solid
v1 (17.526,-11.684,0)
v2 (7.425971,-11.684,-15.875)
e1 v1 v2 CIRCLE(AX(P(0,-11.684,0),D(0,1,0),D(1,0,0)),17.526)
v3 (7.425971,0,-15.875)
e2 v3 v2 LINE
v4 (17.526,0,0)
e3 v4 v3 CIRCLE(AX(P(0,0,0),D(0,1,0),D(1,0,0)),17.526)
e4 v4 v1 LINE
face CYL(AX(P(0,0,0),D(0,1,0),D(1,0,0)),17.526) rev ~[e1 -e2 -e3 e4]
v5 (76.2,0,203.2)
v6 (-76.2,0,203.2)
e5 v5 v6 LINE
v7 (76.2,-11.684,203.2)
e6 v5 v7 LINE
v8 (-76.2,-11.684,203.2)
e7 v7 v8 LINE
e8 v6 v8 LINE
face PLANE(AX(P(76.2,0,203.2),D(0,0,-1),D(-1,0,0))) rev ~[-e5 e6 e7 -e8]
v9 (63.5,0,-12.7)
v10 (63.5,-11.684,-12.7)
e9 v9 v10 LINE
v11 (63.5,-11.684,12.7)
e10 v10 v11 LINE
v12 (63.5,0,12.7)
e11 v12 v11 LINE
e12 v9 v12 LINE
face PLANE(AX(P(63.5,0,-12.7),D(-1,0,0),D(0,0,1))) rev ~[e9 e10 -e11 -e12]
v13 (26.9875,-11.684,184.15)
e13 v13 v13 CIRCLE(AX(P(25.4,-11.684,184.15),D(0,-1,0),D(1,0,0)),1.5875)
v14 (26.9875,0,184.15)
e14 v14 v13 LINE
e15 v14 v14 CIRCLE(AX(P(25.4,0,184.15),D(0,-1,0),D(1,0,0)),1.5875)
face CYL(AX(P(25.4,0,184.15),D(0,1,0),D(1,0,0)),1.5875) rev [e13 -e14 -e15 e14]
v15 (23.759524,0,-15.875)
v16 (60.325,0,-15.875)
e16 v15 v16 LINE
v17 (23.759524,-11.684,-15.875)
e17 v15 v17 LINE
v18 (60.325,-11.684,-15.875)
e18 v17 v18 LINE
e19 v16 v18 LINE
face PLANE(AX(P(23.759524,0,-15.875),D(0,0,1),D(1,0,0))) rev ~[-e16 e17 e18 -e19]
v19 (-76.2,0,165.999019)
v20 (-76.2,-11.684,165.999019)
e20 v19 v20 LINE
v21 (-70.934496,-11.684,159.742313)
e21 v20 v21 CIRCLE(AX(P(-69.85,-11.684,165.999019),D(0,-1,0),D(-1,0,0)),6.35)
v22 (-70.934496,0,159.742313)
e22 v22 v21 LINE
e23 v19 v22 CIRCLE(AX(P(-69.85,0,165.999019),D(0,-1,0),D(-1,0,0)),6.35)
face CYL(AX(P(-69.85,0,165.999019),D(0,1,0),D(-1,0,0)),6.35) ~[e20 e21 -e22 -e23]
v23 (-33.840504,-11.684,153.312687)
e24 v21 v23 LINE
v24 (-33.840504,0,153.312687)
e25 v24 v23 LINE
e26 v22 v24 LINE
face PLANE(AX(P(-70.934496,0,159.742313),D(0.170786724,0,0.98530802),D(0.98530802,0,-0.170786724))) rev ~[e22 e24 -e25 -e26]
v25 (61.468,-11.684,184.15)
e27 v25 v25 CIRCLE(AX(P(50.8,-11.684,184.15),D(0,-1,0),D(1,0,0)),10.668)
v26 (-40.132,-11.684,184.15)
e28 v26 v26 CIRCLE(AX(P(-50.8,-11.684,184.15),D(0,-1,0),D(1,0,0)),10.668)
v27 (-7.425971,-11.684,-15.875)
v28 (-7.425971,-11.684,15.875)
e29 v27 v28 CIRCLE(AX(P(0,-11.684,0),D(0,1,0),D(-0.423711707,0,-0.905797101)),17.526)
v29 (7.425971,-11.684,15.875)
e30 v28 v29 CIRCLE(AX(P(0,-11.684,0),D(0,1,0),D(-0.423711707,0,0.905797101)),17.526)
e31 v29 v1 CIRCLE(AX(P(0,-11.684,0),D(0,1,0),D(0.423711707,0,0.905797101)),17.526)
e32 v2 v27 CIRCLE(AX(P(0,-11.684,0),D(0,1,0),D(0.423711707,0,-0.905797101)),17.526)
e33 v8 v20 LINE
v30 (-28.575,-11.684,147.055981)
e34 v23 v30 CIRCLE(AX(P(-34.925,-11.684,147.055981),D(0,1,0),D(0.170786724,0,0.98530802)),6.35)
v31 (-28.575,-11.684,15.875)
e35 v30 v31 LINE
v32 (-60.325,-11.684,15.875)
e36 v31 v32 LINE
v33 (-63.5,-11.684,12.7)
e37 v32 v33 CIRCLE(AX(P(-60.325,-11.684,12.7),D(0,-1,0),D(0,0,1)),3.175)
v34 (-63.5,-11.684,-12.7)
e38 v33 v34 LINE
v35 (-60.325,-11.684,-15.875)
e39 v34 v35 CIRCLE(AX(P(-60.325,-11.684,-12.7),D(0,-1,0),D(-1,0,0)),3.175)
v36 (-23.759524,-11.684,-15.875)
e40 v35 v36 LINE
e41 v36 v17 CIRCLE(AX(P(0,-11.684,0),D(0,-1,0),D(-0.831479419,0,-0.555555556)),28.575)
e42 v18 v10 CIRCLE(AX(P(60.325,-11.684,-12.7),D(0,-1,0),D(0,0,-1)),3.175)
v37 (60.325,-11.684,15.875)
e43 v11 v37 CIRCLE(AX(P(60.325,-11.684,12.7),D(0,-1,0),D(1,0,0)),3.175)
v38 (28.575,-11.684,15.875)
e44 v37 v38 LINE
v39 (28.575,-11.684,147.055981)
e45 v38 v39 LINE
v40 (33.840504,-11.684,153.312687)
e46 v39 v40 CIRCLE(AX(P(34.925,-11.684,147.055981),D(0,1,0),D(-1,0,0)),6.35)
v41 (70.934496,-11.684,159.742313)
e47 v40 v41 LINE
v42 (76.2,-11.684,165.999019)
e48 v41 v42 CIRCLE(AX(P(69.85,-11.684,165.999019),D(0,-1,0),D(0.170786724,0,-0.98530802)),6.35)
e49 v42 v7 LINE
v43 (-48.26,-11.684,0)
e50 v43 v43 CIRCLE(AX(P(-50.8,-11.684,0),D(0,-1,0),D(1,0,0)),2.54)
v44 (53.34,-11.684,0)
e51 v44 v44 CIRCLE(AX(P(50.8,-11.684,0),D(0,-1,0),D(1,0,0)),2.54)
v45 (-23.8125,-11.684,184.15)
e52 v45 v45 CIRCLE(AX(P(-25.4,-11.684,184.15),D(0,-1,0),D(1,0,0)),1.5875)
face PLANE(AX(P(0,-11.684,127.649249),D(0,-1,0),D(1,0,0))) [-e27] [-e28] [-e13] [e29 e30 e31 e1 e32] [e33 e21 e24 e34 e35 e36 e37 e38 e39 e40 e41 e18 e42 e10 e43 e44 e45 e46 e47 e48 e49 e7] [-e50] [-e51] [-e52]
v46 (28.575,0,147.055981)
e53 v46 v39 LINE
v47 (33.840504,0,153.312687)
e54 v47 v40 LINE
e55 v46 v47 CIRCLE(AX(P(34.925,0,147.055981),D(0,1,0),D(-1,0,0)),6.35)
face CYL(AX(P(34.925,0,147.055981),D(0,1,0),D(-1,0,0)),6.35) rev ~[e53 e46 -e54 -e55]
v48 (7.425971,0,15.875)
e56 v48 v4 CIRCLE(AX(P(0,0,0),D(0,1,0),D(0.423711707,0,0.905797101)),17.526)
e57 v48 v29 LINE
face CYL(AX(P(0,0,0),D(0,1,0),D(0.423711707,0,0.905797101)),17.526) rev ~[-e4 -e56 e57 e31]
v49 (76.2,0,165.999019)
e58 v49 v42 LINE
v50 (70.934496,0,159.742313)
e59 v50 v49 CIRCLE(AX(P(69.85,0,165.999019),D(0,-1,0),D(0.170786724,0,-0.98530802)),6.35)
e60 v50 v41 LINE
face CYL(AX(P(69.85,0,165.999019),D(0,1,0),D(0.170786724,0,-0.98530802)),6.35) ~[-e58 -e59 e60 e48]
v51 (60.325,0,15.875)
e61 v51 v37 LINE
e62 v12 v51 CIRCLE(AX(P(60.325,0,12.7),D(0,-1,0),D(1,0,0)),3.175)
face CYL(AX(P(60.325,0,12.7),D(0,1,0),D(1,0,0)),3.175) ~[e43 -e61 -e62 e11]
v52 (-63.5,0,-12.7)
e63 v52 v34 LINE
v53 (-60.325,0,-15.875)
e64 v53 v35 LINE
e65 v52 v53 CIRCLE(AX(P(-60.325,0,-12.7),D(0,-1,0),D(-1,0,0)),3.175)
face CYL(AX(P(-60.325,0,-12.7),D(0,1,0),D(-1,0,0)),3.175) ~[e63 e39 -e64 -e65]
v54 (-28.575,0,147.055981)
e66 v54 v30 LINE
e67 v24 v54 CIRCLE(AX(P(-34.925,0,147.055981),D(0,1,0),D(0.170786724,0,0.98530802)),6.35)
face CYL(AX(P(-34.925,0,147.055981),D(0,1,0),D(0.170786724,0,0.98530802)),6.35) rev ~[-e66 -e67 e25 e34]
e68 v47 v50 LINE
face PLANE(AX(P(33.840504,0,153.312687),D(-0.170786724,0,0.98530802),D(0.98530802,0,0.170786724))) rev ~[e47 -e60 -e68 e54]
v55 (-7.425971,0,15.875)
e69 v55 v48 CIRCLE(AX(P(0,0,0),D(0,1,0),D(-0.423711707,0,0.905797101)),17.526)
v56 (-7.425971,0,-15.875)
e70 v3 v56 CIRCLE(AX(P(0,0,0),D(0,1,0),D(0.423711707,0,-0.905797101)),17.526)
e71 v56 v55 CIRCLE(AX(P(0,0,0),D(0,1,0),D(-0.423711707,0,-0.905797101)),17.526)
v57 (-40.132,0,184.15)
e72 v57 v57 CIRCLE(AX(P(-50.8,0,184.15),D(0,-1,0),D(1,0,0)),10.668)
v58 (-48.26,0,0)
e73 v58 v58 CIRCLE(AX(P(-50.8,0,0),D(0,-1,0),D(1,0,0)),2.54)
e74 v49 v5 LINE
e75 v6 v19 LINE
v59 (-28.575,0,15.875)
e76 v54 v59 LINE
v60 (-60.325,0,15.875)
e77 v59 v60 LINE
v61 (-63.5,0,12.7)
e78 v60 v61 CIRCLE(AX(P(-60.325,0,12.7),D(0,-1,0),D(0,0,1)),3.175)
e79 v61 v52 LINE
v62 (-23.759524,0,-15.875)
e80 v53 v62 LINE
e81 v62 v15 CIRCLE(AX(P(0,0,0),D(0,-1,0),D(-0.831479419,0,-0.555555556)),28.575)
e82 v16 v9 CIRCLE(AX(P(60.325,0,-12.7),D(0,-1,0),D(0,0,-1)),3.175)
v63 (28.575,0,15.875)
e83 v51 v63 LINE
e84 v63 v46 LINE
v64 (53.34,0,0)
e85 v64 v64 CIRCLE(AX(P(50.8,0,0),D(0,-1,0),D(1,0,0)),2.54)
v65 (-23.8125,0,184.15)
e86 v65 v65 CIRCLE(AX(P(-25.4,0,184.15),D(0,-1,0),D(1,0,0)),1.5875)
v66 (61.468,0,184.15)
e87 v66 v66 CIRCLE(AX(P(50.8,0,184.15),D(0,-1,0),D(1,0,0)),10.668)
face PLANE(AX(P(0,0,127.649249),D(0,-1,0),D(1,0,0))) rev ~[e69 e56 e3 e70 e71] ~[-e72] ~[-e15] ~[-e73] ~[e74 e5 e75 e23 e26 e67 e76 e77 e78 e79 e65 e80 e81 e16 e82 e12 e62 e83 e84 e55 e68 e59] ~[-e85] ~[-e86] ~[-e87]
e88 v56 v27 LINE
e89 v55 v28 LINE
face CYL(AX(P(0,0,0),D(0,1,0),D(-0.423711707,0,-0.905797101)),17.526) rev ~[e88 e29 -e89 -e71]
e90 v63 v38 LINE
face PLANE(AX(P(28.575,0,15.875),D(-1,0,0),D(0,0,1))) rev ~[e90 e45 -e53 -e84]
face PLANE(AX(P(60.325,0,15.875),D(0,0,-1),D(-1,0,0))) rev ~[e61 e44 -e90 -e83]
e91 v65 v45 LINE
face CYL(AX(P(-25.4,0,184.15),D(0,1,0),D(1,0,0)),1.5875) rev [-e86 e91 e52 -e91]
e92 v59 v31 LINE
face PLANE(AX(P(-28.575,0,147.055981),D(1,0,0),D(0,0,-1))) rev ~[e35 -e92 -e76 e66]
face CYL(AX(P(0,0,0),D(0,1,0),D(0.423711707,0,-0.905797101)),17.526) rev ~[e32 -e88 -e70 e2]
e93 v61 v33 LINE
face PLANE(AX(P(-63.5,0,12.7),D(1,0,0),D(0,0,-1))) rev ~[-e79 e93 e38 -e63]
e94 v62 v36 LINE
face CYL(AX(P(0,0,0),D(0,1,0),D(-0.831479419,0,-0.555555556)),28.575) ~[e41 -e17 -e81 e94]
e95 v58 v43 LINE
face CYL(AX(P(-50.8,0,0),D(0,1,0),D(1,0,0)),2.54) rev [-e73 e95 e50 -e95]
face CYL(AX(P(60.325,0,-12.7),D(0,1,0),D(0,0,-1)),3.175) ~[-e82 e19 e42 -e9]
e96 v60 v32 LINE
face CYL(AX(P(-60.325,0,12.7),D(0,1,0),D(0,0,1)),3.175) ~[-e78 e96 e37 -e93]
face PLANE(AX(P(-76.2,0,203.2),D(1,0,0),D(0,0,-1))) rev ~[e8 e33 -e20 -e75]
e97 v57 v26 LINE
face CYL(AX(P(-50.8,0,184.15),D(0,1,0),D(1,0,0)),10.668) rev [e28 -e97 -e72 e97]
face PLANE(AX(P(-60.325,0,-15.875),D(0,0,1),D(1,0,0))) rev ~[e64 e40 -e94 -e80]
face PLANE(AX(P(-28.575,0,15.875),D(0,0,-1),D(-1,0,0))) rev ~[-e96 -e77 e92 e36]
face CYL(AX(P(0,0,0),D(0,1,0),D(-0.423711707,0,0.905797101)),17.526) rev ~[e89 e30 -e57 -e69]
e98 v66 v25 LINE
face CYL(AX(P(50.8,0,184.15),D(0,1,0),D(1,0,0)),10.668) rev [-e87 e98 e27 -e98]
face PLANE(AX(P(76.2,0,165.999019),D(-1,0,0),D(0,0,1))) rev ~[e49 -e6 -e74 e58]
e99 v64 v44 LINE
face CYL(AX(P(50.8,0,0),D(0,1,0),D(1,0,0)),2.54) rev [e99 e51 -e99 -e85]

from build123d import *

# Parameters (mm, degrees)
F0_R     = 10.668
F0_R_2   = 1.5875
F0_R_3   = 2.54
F1_DEPTH = 11.684


with BuildPart() as f1:
    # F0 (on Front) → F1 (new body)
    with BuildSketch(Plane.XZ):
        with BuildLine():
            ThreePointArc((-23.759524406, 15.875), (0, 28.575), (23.759524406, 15.875))
            Line((23.759524406, 15.875), (28.575, 15.875))
            Line((28.575, 15.875), (28.575, 147.0559814834))
            ThreePointArc((28.575, 147.0559814834), (30.0665512939, 151.1447436641), (33.8405043055, 153.312687413))
            Line((33.8405043055, 153.312687413), (70.9344956945, 159.742312587))
            ThreePointArc((70.9344956945, 159.742312587), (74.7084487061, 161.9102563359), (76.2, 165.9990185166))
            Line((76.2, 165.9990185166), (76.2, 203.2))
            Line((76.2, 203.2), (17.526, 203.2))
            Line((17.526, 203.2), (-17.526, 203.2))
            Line((-17.526, 203.2), (-76.2, 203.2))
            Line((-76.2, 203.2), (-76.2, 165.9990185166))
            ThreePointArc((-76.2, 165.9990185166), (-74.7084487061, 161.9102563359), (-70.9344956945, 159.742312587))
            Line((-70.9344956945, 159.742312587), (-33.8405043055, 153.312687413))
            ThreePointArc((-33.8405043055, 153.312687413), (-30.0665512939, 151.1447436641), (-28.575, 147.0559814834))
            Line((-28.575, 147.0559814834), (-28.575, 15.875))
            Line((-28.575, 15.875), (-23.759524406, 15.875))
        make_face()
        with Locations((-50.8, 184.15)):
            Circle(F0_R, mode=Mode.SUBTRACT)
        with Locations((-25.4, 184.15)):
            Circle(F0_R_2, mode=Mode.SUBTRACT)
        with Locations((25.4, 184.15)):
            Circle(F0_R_2, mode=Mode.SUBTRACT)
        with Locations((50.8, 184.15)):
            Circle(F0_R, mode=Mode.SUBTRACT)
        with BuildLine():
            Line((-60.325, -15.875), (-23.759524406, -15.875))
            ThreePointArc((-23.759524406, -15.875), (-27.3446433045, -8.2946433045), (-28.575, 0))
            Line((-28.575, 0), (-28.575, 15.875))
            Line((-28.575, 15.875), (-60.325, 15.875))
            ThreePointArc((-60.325, 15.875), (-62.5700640303, 14.9450640303), (-63.5, 12.7))
            Line((-63.5, 12.7), (-63.5, -12.7))
            ThreePointArc((-63.5, -12.7), (-62.5700640303, -14.9450640303), (-60.325, -15.875))
        make_face()
        with Locations((-50.8, 0)):
            Circle(F0_R_3, mode=Mode.SUBTRACT)
        with BuildLine():
            ThreePointArc((28.575, 0), (27.3446433045, -8.2946433045), (23.759524406, -15.875))
            Line((23.759524406, -15.875), (60.325, -15.875))
            ThreePointArc((60.325, -15.875), (62.5700640303, -14.9450640303), (63.5, -12.7))
            Line((63.5, -12.7), (63.5, 12.7))
            ThreePointArc((63.5, 12.7), (62.5700640303, 14.9450640303), (60.325, 15.875))
            Line((60.325, 15.875), (28.575, 15.875))
            Line((28.575, 15.875), (28.575, 0))
        make_face()
        with Locations((50.8, 0)):
            Circle(F0_R_3, mode=Mode.SUBTRACT)
        with BuildLine():
            Line((23.759524406, -15.875), (7.4259713843, -15.875))
            ThreePointArc((7.4259713843, -15.875), (0, -17.526), (-7.4259713843, -15.875))
            Line((-7.4259713843, -15.875), (-23.759524406, -15.875))
            ThreePointArc((-23.759524406, -15.875), (0, -28.575), (23.759524406, -15.875))
        make_face()
        with BuildLine():
            ThreePointArc((-7.4259713843, -15.875), (-17.526, 0), (-7.4259713843, 15.875))
            Line((-7.4259713843, 15.875), (-23.759524406, 15.875))
            ThreePointArc((-23.759524406, 15.875), (-27.3446433045, 8.2946433045), (-28.575, 0))
            ThreePointArc((-28.575, 0), (-27.3446433045, -8.2946433045), (-23.759524406, -15.875))
            Line((-23.759524406, -15.875), (-7.4259713843, -15.875))
        make_face()
        with BuildLine():
            ThreePointArc((-7.4259713843, 15.875), (0, 17.526), (7.4259713843, 15.875))
            Line((7.4259713843, 15.875), (23.759524406, 15.875))
            ThreePointArc((23.759524406, 15.875), (0, 28.575), (-23.759524406, 15.875))
            Line((-23.759524406, 15.875), (-7.4259713843, 15.875))
        make_face()
        with BuildLine():
            ThreePointArc((7.4259713843, 15.875), (14.7869579441, 9.4077920236), (17.526, 0))
            ThreePointArc((17.526, 0), (14.7869579441, -9.4077920236), (7.4259713843, -15.875))
            Line((7.4259713843, -15.875), (23.759524406, -15.875))
            ThreePointArc((23.759524406, -15.875), (27.3446433045, -8.2946433045), (28.575, 0))
            ThreePointArc((28.575, 0), (27.3446433045, 8.2946433045), (23.759524406, 15.875))
            Line((23.759524406, 15.875), (7.4259713843, 15.875))
        make_face()
        with BuildLine():
            ThreePointArc((-28.575, 0), (-27.3446433045, 8.2946433045), (-23.759524406, 15.875))
            Line((-23.759524406, 15.875), (-28.575, 15.875))
            Line((-28.575, 15.875), (-28.575, 0))
        make_face()
        with BuildLine():
            Line((28.575, 15.875), (23.759524406, 15.875))
            ThreePointArc((23.759524406, 15.875), (27.3446433045, 8.2946433045), (28.575, 0))
            Line((28.575, 0), (28.575, 15.875))
        make_face()
    extrude(amount=F1_DEPTH)


solid = f1.part
